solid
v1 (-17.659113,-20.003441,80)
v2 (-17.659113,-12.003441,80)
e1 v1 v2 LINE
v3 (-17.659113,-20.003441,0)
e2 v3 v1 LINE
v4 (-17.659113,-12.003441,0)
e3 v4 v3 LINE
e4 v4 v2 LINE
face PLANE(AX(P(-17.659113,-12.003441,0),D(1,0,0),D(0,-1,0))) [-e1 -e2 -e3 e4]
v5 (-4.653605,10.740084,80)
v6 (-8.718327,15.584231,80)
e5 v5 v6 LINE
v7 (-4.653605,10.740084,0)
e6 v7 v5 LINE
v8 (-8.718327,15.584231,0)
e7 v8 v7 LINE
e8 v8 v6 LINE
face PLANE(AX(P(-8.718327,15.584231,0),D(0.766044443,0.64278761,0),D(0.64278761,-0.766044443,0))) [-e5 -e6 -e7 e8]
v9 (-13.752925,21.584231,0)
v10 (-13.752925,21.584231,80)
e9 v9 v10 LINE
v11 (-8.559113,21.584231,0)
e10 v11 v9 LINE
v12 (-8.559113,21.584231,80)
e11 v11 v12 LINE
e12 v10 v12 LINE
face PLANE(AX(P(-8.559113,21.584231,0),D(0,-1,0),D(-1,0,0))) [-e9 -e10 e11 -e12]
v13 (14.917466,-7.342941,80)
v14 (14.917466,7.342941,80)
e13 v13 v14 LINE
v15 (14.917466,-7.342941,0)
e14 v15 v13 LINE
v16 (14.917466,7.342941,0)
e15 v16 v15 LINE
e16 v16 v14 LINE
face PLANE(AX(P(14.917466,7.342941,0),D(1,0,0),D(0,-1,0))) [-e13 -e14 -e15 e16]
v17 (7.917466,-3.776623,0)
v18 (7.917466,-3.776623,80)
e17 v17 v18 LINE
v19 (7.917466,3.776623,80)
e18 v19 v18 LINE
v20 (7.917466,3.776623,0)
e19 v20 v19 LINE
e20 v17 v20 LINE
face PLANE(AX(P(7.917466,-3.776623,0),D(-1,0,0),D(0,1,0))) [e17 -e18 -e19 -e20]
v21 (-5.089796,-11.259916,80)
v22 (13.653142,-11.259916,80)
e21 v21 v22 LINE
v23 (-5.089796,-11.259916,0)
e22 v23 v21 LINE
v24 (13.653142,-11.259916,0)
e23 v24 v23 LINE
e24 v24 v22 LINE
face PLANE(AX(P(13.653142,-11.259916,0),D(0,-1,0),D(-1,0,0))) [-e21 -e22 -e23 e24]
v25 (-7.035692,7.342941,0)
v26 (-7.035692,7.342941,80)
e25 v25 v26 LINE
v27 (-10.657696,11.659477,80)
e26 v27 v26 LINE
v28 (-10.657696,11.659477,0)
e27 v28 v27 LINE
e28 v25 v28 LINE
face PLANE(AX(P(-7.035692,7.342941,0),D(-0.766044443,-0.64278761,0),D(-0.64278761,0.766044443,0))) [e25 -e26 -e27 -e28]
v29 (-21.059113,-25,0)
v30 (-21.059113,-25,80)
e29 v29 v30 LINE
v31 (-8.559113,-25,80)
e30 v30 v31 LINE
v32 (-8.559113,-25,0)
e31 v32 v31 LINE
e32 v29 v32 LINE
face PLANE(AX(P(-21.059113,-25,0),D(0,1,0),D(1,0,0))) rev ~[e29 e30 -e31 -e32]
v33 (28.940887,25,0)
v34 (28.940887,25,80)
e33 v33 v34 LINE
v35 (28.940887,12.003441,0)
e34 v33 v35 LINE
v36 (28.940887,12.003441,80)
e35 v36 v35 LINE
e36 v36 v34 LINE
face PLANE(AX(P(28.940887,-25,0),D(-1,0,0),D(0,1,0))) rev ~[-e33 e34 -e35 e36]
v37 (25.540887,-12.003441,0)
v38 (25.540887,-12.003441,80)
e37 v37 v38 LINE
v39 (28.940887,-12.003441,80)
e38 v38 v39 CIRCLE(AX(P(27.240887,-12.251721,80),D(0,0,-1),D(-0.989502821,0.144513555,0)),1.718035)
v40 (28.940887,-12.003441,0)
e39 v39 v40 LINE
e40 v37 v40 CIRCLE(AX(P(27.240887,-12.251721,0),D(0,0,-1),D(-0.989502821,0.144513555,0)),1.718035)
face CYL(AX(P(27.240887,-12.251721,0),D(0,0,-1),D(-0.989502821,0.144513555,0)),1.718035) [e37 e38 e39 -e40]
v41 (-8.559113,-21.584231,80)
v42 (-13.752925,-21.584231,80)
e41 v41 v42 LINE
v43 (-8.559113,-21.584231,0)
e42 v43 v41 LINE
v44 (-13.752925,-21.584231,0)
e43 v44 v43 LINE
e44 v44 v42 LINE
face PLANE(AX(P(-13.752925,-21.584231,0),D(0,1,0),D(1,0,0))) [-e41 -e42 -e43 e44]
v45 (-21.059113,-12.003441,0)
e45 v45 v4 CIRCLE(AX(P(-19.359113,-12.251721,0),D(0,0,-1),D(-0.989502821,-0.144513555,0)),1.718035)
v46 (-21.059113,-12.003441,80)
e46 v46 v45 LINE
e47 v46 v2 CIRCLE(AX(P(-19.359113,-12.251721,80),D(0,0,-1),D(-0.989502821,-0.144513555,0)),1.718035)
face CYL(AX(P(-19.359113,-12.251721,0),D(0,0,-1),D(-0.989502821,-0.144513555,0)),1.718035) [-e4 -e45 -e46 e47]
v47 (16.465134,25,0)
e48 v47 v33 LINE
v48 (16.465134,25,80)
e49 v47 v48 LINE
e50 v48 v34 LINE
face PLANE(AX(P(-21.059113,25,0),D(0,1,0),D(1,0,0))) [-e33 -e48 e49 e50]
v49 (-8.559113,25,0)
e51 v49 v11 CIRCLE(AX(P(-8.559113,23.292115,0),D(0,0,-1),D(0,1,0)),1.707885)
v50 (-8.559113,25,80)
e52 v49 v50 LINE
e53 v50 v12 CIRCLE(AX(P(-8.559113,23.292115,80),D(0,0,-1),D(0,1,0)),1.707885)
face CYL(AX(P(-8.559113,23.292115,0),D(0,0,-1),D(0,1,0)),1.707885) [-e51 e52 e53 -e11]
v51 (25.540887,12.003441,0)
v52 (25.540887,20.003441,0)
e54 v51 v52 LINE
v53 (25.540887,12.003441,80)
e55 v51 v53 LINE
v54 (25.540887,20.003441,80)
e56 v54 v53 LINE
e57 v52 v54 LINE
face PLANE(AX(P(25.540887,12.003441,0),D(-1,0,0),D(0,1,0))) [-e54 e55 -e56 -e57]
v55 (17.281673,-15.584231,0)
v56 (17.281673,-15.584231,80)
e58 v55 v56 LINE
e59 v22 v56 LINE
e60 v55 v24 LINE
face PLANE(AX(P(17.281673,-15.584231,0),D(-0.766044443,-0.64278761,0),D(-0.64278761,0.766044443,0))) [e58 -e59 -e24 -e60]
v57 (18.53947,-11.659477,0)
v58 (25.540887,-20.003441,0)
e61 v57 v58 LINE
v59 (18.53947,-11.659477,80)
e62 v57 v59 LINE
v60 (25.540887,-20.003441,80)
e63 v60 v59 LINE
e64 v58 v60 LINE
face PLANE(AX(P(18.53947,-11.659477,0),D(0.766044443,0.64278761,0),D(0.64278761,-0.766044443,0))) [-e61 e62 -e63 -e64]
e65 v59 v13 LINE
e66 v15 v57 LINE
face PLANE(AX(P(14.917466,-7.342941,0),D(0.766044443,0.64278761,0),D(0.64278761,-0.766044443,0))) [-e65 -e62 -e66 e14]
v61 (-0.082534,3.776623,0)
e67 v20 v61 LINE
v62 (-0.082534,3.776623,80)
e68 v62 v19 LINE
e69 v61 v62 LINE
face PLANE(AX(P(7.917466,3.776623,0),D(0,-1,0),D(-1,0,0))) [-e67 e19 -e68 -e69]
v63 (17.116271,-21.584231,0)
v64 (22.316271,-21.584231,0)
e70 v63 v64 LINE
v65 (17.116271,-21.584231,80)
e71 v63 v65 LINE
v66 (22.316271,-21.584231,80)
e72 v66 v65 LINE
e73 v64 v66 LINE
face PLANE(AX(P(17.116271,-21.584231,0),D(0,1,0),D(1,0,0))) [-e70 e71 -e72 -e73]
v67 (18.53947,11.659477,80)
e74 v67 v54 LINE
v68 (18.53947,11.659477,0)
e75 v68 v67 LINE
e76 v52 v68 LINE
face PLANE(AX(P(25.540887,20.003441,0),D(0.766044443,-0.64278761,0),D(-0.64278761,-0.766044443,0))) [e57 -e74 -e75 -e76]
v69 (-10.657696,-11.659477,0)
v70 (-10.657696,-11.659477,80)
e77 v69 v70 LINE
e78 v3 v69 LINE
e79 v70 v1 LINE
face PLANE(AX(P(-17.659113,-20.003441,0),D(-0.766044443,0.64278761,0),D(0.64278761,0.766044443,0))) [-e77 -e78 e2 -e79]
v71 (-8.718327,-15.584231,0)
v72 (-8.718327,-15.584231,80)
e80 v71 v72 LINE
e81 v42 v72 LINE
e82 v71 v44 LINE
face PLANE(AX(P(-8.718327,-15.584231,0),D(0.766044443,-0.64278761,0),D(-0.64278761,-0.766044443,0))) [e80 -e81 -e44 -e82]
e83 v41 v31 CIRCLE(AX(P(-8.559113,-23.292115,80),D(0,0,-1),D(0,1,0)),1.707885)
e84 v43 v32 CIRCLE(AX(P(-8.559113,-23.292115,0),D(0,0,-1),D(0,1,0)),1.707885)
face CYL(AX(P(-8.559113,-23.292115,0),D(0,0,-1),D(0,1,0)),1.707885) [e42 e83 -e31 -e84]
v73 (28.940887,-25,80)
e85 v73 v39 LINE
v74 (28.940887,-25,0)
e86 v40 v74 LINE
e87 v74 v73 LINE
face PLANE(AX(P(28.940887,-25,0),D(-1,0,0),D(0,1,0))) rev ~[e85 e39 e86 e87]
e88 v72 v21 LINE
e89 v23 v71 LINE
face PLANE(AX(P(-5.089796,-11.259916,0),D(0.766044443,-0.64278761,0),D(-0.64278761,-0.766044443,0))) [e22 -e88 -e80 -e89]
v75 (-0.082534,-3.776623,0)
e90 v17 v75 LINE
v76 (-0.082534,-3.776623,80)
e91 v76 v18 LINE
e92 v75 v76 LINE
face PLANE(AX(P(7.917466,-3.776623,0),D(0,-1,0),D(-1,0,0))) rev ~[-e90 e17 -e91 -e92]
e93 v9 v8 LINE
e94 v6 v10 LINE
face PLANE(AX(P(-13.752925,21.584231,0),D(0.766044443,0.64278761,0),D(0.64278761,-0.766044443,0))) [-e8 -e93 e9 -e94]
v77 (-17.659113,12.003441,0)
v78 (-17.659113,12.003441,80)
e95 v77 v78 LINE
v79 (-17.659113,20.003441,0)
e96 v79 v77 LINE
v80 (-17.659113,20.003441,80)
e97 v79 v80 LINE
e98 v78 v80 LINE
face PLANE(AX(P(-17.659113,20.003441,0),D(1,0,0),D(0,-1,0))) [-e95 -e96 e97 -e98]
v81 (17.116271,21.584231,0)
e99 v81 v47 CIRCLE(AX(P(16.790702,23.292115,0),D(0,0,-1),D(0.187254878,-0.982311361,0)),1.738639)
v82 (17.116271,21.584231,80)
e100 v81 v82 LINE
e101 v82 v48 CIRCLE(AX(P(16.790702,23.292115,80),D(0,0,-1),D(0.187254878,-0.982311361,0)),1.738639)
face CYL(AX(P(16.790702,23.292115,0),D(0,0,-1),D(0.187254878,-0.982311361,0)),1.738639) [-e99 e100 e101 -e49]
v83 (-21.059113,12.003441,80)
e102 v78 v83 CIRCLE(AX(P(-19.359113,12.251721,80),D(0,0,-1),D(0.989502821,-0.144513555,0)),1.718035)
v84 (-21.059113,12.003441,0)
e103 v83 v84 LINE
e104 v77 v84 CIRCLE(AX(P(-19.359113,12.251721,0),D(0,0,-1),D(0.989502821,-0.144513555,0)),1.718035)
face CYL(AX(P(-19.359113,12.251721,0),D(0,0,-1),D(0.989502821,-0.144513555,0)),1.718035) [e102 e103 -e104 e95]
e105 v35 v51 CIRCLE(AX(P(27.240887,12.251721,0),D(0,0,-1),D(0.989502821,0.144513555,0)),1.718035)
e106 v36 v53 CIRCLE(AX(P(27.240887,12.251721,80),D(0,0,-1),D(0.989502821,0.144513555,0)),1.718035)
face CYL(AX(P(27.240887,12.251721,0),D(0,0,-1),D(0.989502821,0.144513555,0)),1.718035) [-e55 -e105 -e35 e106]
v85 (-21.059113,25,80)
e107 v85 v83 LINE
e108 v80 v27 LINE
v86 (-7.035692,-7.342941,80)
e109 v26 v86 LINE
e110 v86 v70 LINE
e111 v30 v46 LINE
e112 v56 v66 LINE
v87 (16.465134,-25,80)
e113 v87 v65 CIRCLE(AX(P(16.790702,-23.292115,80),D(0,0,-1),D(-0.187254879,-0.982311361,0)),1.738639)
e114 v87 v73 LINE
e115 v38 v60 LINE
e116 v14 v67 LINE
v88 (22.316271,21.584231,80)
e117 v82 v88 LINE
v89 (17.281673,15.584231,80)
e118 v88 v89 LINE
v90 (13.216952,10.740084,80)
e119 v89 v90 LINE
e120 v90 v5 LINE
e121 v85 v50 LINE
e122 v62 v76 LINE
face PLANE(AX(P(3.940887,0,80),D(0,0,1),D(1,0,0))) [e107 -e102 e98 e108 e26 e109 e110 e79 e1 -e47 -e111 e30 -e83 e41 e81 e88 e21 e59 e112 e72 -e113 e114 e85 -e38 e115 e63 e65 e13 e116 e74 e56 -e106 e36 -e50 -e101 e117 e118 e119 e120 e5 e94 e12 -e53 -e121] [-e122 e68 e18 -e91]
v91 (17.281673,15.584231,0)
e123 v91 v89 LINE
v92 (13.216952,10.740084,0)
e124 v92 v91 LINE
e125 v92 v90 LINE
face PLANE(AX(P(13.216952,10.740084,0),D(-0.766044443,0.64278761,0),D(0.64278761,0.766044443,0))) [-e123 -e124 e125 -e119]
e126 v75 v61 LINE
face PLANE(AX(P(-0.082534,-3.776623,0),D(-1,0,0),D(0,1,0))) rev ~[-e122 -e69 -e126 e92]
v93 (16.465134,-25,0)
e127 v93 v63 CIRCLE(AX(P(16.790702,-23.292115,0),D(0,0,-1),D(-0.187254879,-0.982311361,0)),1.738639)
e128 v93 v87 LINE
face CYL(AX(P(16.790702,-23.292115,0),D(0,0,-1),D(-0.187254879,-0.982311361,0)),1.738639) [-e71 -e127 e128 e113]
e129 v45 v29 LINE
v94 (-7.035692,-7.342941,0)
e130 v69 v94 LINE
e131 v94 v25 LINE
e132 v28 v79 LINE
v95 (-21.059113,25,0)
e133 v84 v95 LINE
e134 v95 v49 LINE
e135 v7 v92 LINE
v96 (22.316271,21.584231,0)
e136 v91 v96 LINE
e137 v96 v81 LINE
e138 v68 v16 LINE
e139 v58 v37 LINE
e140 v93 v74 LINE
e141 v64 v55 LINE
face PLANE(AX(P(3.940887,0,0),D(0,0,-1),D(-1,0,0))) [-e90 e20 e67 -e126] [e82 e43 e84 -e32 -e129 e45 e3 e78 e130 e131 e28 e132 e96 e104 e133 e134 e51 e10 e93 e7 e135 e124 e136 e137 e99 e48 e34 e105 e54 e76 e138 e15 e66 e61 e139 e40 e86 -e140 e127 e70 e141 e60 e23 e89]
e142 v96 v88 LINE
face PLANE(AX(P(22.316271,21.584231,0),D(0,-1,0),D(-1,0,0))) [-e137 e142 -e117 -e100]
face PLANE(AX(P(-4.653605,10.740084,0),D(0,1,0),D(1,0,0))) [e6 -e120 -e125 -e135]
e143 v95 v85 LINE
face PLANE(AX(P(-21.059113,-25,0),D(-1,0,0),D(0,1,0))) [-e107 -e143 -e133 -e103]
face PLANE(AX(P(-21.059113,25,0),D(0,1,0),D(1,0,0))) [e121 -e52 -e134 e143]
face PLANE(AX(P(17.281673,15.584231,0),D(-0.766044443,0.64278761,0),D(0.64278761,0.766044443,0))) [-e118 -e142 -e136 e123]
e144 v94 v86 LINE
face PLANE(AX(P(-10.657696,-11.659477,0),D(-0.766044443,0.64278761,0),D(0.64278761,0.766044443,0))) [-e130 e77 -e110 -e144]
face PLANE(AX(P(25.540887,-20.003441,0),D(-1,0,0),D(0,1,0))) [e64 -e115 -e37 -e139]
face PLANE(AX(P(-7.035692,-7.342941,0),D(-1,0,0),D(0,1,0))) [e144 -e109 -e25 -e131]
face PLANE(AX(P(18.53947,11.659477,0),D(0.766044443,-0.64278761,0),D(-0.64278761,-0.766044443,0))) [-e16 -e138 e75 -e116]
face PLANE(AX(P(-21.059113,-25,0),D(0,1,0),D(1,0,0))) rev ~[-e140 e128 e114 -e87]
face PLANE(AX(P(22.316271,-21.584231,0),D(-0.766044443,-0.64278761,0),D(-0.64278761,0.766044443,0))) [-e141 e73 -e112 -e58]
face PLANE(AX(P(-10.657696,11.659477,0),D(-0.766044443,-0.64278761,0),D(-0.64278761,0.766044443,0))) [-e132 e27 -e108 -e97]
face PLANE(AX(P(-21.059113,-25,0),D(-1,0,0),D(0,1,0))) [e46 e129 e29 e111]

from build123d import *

# Parameters (mm, degrees)
SKETCH1_W           = 50
SKETCH1_H           = 50
BOSS_EXTRUDE1_DEPTH = 80
SKETCH2_W           = 18
SKETCH2_H           = 18
CUT_EXTRUDE2_DEPTH  = 287
SKETCH3_OUTSIDE_W   = 73.354
SKETCH3_OUTSIDE_H   = 73.354
CUT_EXTRUDE5_DEPTH  = 287
SKETCH4_W           = 18
SKETCH4_H           = 18
BOSS_EXTRUDE2_DEPTH = 80
SKETCH5_W           = 8
SKETCH5_H           = 7.553245746
CUT_EXTRUDE6_DEPTH  = 250


with BuildPart() as part:
    # Sketch1 → Boss-Extrude1 (new body)
    with BuildSketch(Plane.XY):
        with Locations((3.9408867, 0)):
            Rectangle(SKETCH1_W, SKETCH1_H)
    extrude(amount=BOSS_EXTRUDE1_DEPTH)

    # Sketch2 → Cut-Extrude2 (cut)
    with BuildSketch(Plane(origin=(0, 0, 0), x_dir=(-1, 0, 0), z_dir=(0, 0, -1))):
        with Locations((-3.9408867, 0)):
            Rectangle(SKETCH2_W, SKETCH2_H)
    extrude(amount=-CUT_EXTRUDE2_DEPTH, mode=Mode.SUBTRACT)

    # Sketch3 outside → Cut-Extrude5 (cut)
    with BuildSketch(Plane(origin=(0, 0, 0), x_dir=(-1, 0, 0), z_dir=(0, 0, -1))):
        with Locations((-3.941, 0)):
            Rectangle(SKETCH3_OUTSIDE_W, SKETCH3_OUTSIDE_H)
        with BuildLine():
            Line((-22.316271067, 21.584230763), (-17.116271067, 21.584230763))
            ThreePointArc((-17.116271067, 21.584230763), (-15.082817857, 22.96654679), (-16.465133883, 25))
            Line((-16.465133883, 25), (-28.9408867, 25))
            Line((-28.9408867, 25), (-28.9408867, 12.5))
            ThreePointArc((-28.9408867, 12.5), (-27.489165976, 10.551720724), (-25.5408867, 12.003441448))
            Line((-25.5408867, 12.003441448), (-25.5408867, 20.003441448))
            Line((-25.5408867, 20.003441448), (-18.539469589, 11.659477453))
            Line((-18.539469589, 11.659477453), (-14.917465737, 7.34294135))
            Line((-14.917465737, 7.34294135), (-14.917465737, -7.34294135))
            Line((-14.917465737, -7.34294135), (-18.539469589, -11.659477453))
            Line((-18.539469589, -11.659477453), (-25.5408867, -20.003441448))
            Line((-25.5408867, -20.003441448), (-25.5408867, -12.003441448))
            ThreePointArc((-25.5408867, -12.003441448), (-27.489165976, -10.551720724), (-28.9408867, -12.5))
            Line((-28.9408867, -12.5), (-28.9408867, -25))
            Line((-28.9408867, -25), (-16.465133883, -25))
            ThreePointArc((-16.465133883, -25), (-15.082817857, -22.96654679), (-17.116271067, -21.584230763))
            Line((-17.116271067, -21.584230763), (-22.316271067, -21.584230763))
            Line((-22.316271067, -21.584230763), (-17.28167328, -15.584230763))
            Line((-17.28167328, -15.584230763), (-13.653142176, -11.259915785))
            Line((-13.653142176, -11.259915785), (5.089795616, -11.259915785))
            Line((5.089795616, -11.259915785), (8.71832672, -15.584230763))
            Line((8.71832672, -15.584230763), (13.752924507, -21.584230763))
            Line((13.752924507, -21.584230763), (8.5591133, -21.584230763))
            ThreePointArc((8.5591133, -21.584230763), (6.851228682, -23.292115382), (8.5591133, -25))
            Line((8.5591133, -25), (21.0591133, -25))
            Line((21.0591133, -25), (21.0591133, -12.5))
            ThreePointArc((21.0591133, -12.5), (19.607392577, -10.551720724), (17.6591133, -12.003441448))
            Line((17.6591133, -12.003441448), (17.6591133, -20.003441448))
            Line((17.6591133, -20.003441448), (10.65769619, -11.659477453))
            Line((10.65769619, -11.659477453), (7.035692338, -7.34294135))
            Line((7.035692338, -7.34294135), (7.035692338, 7.34294135))
            Line((7.035692338, 7.34294135), (10.65769619, 11.659477453))
            Line((10.65769619, 11.659477453), (17.6591133, 20.003441448))
            Line((17.6591133, 20.003441448), (17.6591133, 12.003441448))
            ThreePointArc((17.6591133, 12.003441448), (19.607392577, 10.551720724), (21.0591133, 12.5))
            Line((21.0591133, 12.5), (21.0591133, 25))
            Line((21.0591133, 25), (8.5591133, 25))
            ThreePointArc((8.5591133, 25), (6.851228682, 23.292115382), (8.5591133, 21.584230763))
            Line((8.5591133, 21.584230763), (13.752924507, 21.584230763))
            Line((13.752924507, 21.584230763), (8.71832672, 15.584230763))
            Line((8.71832672, 15.584230763), (4.653605138, 10.740084215))
            Line((4.653605138, 10.740084215), (-13.216951698, 10.740084215))
            Line((-13.216951698, 10.740084215), (-17.28167328, 15.584230763))
            Line((-17.28167328, 15.584230763), (-22.316271067, 21.584230763))
        make_face(mode=Mode.SUBTRACT)
    extrude(amount=-CUT_EXTRUDE5_DEPTH, mode=Mode.SUBTRACT)

    # Sketch4 → Boss-Extrude2 (add)
    with BuildSketch(Plane(origin=(0, 0, 0), x_dir=(-1, 0, 0), z_dir=(0, 0, -1))):
        with Locations((-3.9408867, 0)):
            Rectangle(SKETCH4_W, SKETCH4_H)
    extrude(amount=-BOSS_EXTRUDE2_DEPTH)

    # Sketch5 → Cut-Extrude6 (cut)
    with BuildSketch(Plane(origin=(0, 0, 0), x_dir=(-1, 0, 0), z_dir=(0, 0, -1))):
        with Locations((-3.917465737, 0)):
            Rectangle(SKETCH5_W, SKETCH5_H)
    extrude(amount=-CUT_EXTRUDE6_DEPTH, mode=Mode.SUBTRACT)


solid = part.part
